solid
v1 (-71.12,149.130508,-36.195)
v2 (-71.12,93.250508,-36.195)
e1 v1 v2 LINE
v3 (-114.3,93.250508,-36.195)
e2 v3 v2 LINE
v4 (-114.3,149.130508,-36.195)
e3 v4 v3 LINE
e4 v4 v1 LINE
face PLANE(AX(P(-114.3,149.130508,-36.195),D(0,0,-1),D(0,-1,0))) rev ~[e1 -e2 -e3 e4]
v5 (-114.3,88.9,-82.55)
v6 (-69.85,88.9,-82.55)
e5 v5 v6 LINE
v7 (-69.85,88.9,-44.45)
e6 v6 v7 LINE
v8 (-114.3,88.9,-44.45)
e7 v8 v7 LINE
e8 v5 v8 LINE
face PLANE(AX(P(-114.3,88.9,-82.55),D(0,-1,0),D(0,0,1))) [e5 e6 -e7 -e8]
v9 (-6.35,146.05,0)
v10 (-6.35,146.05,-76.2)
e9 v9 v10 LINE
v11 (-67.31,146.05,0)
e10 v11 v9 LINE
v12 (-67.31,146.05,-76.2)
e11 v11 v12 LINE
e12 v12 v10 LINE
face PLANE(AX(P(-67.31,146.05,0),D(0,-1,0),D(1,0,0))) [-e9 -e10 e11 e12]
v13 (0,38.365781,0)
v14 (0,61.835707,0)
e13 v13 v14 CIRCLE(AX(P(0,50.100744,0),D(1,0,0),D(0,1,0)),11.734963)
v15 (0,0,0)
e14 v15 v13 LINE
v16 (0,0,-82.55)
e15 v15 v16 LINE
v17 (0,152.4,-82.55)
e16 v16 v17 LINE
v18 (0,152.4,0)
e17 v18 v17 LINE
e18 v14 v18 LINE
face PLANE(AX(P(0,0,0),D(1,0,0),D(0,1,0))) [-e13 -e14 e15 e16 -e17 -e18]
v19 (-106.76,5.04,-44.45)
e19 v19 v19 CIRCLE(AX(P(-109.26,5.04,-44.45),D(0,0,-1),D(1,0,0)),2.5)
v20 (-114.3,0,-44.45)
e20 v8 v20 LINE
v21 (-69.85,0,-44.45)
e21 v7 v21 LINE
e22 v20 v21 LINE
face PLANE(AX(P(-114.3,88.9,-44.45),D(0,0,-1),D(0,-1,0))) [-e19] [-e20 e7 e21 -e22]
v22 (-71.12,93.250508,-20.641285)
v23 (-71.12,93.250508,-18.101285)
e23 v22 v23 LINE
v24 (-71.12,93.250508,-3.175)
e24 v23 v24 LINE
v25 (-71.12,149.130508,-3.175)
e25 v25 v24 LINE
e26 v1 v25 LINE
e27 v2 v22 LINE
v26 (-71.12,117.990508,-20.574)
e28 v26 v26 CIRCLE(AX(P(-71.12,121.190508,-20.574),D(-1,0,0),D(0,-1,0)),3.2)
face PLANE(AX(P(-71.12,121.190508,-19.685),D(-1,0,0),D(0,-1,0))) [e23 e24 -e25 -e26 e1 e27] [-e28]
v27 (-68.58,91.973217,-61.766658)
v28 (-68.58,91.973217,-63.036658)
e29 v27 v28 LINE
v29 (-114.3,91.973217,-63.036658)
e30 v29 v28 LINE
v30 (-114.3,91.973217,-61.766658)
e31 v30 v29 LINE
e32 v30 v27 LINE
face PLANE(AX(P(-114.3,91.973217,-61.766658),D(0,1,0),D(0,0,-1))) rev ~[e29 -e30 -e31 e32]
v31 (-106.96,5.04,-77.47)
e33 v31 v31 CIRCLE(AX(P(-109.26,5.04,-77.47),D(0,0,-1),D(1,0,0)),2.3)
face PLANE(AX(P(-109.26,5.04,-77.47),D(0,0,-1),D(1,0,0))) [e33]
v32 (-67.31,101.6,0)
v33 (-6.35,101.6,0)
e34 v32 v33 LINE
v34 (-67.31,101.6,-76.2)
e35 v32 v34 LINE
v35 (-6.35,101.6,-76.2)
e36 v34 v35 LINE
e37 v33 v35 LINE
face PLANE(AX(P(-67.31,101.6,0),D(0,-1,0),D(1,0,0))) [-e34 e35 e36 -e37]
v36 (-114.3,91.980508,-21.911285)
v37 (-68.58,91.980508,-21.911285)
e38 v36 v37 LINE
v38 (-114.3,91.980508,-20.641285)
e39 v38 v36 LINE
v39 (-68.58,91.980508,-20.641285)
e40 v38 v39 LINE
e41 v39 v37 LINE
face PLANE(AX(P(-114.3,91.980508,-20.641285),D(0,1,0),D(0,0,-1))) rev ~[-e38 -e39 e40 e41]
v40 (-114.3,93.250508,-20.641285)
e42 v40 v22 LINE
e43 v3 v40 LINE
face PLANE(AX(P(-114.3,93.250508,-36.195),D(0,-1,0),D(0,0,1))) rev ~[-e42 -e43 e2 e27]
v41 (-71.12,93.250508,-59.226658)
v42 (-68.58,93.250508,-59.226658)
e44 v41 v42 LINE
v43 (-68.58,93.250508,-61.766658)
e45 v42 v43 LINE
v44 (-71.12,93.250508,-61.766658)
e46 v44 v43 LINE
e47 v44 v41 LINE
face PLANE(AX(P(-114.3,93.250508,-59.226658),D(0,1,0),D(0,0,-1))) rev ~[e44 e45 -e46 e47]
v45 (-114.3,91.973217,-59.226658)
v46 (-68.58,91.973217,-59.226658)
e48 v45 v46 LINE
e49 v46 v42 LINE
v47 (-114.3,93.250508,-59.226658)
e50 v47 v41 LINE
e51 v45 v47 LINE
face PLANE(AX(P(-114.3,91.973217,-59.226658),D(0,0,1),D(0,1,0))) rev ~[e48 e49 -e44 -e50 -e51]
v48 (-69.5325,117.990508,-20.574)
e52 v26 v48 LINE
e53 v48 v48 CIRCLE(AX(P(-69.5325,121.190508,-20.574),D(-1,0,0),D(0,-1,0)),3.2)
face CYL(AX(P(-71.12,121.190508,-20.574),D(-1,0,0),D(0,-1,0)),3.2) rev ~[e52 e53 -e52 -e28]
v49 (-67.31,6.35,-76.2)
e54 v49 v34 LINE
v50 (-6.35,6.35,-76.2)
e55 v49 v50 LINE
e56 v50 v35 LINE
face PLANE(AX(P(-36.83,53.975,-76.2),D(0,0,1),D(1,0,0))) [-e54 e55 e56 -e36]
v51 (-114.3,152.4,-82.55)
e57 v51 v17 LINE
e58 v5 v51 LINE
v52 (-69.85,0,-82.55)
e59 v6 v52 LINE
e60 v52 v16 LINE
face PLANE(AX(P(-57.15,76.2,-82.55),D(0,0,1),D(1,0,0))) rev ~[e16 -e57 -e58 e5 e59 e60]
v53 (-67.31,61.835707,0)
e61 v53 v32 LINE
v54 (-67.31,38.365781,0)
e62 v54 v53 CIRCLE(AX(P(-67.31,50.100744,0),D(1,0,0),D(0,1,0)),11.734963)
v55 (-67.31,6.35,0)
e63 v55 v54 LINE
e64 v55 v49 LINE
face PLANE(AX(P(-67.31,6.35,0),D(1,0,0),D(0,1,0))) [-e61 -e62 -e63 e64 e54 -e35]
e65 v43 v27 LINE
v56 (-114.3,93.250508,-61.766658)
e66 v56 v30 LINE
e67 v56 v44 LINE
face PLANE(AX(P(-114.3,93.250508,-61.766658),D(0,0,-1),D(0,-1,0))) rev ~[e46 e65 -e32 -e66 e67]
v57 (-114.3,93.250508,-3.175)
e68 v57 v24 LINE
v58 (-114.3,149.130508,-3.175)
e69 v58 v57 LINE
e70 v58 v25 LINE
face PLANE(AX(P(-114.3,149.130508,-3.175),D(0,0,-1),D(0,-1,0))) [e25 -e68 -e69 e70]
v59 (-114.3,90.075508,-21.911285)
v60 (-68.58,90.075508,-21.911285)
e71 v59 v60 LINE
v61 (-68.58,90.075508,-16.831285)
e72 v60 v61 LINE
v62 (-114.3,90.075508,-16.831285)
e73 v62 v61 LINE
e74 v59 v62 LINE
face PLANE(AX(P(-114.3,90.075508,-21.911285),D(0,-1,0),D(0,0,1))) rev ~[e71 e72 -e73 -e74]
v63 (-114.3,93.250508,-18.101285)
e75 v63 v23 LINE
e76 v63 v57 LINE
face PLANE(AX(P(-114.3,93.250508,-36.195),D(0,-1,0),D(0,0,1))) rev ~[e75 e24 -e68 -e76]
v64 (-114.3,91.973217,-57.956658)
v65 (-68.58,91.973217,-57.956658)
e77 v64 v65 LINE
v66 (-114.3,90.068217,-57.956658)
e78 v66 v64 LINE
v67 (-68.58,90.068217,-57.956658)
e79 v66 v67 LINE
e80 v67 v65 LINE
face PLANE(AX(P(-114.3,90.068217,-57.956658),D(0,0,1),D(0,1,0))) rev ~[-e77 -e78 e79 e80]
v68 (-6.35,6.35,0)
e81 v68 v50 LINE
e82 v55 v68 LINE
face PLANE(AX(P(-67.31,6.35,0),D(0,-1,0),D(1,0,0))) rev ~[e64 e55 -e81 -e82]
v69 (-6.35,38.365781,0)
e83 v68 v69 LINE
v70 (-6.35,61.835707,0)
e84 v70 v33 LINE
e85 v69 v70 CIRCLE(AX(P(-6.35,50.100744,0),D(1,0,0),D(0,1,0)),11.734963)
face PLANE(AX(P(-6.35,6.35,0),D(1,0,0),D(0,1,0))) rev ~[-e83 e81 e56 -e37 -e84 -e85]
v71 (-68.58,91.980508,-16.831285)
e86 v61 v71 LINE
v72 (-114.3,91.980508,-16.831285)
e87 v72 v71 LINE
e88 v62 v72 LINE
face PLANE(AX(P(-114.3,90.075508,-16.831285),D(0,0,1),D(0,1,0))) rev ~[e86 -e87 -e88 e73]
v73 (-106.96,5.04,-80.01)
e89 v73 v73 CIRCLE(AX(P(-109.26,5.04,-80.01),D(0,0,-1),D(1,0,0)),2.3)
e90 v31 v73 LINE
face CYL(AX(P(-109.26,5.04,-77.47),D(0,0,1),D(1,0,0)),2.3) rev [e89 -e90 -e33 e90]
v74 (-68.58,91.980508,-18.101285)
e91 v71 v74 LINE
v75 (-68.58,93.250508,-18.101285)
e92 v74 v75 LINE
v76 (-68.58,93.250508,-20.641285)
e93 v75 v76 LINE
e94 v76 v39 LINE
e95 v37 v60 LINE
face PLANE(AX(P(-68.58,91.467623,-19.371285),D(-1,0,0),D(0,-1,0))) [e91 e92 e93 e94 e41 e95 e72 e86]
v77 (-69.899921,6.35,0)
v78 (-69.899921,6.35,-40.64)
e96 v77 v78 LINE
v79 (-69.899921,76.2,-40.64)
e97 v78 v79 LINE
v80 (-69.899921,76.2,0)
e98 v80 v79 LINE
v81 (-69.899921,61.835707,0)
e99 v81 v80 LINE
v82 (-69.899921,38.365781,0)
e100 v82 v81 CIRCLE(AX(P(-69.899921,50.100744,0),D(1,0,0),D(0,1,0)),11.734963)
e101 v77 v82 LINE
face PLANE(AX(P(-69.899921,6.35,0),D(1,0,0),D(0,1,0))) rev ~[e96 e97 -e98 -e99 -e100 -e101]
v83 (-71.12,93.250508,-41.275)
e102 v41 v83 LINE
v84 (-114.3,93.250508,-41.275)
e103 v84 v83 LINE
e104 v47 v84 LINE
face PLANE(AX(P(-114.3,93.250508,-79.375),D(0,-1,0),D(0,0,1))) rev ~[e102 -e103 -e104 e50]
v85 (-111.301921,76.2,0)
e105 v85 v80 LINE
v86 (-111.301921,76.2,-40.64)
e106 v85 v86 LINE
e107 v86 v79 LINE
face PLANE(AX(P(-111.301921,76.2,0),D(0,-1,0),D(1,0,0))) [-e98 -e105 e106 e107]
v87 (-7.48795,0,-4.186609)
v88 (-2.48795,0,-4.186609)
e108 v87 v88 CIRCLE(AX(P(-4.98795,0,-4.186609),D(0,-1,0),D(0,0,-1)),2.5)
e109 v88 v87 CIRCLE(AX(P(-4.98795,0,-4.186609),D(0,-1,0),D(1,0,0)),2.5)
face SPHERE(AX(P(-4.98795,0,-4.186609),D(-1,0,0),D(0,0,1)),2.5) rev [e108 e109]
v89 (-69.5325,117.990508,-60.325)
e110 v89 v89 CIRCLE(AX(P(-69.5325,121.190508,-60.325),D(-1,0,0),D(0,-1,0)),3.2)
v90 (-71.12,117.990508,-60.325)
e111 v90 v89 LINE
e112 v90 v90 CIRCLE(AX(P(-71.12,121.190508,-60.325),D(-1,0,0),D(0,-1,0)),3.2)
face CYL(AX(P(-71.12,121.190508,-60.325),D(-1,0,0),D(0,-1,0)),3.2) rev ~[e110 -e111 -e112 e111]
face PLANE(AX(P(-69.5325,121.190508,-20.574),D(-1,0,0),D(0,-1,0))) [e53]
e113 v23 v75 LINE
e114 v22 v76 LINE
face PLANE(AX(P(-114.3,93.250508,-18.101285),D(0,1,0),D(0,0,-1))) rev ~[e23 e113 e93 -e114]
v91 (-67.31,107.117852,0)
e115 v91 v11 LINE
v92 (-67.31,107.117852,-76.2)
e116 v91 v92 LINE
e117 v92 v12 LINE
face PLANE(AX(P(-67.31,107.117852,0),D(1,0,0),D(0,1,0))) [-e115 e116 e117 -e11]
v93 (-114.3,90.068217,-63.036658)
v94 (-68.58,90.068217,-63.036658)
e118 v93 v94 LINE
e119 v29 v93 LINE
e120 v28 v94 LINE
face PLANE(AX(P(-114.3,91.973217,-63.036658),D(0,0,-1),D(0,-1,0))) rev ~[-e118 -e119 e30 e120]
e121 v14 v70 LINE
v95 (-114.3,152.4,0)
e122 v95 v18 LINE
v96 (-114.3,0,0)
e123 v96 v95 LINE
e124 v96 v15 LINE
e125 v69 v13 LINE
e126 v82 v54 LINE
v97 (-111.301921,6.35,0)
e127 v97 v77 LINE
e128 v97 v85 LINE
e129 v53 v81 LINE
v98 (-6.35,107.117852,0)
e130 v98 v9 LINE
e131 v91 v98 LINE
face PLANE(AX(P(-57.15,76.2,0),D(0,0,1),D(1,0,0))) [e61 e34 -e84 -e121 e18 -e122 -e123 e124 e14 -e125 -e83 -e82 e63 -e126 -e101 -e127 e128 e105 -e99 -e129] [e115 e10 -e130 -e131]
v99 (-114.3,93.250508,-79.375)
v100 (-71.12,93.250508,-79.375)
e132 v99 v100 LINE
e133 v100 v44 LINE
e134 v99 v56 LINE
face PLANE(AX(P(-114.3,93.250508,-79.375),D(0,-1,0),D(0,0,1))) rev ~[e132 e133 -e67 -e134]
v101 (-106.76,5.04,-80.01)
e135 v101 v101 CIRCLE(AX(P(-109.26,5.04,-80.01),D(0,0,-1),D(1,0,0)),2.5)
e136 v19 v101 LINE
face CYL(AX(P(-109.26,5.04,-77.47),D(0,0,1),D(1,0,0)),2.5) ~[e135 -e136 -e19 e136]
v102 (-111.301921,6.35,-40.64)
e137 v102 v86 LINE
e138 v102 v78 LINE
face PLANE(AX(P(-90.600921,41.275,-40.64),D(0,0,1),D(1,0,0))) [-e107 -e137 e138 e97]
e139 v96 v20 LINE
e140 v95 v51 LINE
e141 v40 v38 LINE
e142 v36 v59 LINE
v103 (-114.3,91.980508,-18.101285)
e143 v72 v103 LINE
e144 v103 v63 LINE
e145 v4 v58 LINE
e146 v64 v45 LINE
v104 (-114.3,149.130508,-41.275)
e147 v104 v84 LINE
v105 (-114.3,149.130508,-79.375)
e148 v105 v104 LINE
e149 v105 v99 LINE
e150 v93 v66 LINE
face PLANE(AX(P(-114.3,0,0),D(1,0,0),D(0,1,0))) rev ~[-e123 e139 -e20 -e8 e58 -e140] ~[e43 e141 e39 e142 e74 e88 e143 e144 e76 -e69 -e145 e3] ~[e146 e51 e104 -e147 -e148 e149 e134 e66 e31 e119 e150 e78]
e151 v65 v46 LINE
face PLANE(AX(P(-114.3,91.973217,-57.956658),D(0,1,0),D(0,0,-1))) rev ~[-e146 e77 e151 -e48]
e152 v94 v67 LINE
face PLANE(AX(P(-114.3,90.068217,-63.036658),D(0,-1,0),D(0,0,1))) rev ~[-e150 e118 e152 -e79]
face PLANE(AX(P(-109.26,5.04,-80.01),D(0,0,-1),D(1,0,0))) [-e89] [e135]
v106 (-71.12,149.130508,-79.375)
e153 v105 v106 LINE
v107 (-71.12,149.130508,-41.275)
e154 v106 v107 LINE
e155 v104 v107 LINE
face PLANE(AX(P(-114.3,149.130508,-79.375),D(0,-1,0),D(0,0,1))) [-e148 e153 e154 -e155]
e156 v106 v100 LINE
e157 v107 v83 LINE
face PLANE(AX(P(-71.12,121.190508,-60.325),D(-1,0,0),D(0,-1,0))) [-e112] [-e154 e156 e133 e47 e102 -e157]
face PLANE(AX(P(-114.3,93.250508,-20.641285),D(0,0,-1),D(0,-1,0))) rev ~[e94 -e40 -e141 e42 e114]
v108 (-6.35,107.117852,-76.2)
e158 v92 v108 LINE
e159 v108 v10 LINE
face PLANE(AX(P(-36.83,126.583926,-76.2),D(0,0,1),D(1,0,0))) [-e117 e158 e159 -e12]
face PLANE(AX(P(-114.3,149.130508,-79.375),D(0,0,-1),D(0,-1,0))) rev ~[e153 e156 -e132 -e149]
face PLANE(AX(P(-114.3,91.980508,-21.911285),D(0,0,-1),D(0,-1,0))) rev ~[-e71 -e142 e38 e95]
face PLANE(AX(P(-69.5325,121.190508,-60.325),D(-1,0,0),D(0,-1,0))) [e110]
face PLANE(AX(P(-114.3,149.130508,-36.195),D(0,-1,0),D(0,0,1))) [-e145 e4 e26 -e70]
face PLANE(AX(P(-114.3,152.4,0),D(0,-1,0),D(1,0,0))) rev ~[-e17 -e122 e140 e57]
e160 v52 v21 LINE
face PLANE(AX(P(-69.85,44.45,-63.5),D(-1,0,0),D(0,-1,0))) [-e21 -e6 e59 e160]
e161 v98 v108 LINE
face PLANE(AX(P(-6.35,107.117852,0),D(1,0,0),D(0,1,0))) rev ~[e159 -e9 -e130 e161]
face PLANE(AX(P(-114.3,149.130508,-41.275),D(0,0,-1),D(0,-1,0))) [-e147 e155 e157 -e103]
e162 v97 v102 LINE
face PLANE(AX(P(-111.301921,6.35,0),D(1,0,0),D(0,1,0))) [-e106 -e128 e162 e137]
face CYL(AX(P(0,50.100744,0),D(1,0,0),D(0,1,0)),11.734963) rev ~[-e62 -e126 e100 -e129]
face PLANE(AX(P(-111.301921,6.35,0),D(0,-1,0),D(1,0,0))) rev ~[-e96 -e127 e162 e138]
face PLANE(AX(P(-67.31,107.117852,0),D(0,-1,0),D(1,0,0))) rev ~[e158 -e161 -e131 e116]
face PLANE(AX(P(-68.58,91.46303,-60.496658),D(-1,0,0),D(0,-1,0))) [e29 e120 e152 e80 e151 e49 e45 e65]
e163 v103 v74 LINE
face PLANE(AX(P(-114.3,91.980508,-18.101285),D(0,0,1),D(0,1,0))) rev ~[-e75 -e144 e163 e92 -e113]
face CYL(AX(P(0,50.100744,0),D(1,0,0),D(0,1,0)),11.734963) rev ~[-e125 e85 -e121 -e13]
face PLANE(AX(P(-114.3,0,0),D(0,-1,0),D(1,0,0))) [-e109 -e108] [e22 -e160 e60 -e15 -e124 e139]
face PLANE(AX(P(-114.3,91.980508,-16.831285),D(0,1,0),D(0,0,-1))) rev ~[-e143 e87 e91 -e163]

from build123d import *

# Parameters (mm, degrees)
F0_W      = 114.3
F0_H      = 152.4
F1_DEPTH  = 82.55
F2_W      = 60.96
F2_H      = 95.25
F3_DEPTH  = 76.2
F4_R      = 11.734963
F5_DEPTH  = 75.184
F6_W      = 60.96
F6_H      = 38.932147
F7_DEPTH  = 76.2
F8_W      = 88.9
F8_H      = 38.1
F9_DEPTH  = 44.45
F10_W     = 55.88
F10_H     = 33.02
F10_H_2   = 38.1
F11_DEPTH = 43.18
F12_R     = 2.5
F13_DEPTH = 33.02
F14_R     = 2.5
F14_R_2   = 2.3
F15_DEPTH = 2.54
F17_DEPTH = 45.72
F19_DEPTH = 45.72
F20_R     = 3.2
F21_DEPTH = 1.5875
F22_W     = 41.402
F22_H     = 69.85
F23_DEPTH = 40.64


with BuildPart() as f1:
    # F0 (on Top) → F1 (new body)
    with BuildSketch(Plane.XY):
        with Locations((-57.15, 76.2)):
            Rectangle(F0_W, F0_H)
    extrude(amount=-F1_DEPTH)

    # F2 (on face) → F3 (cut)
    with BuildSketch(Plane.XY):
        with Locations((-36.83, 53.975)):
            Rectangle(F2_W, F2_H)
    extrude(amount=-F3_DEPTH, mode=Mode.SUBTRACT)

    # F4 (on face) → F5 (cut)
    with BuildSketch(Plane.YZ):
        with Locations((50.100744, 0)):
            Circle(F4_R)
    extrude(amount=-F5_DEPTH, mode=Mode.SUBTRACT)

    # F6 (on face) → F7 (cut)
    with BuildSketch(Plane.XY):
        with Locations((-36.83, 126.583926)):
            Rectangle(F6_W, F6_H)
    extrude(amount=-F7_DEPTH, mode=Mode.SUBTRACT)

    # F8 (on face) → F9 (cut)
    with BuildSketch(Plane(origin=(-114.3, 0, 0), x_dir=(0, -1, 0), z_dir=(-1, 0, 0))):
        with Locations((-44.45, -63.5)):
            Rectangle(F8_W, F8_H)
    extrude(amount=-F9_DEPTH, mode=Mode.SUBTRACT)

    # F10 (on face) → F11 (cut)
    with BuildSketch(Plane(origin=(-114.3, 0, 0), x_dir=(0, -1, 0), z_dir=(-1, 0, 0))):
        with Locations((-121.190508, -19.685)):
            Rectangle(F10_W, F10_H)
        with Locations((-121.190508, -60.325)):
            Rectangle(F10_W, F10_H_2)
    extrude(amount=-F11_DEPTH, mode=Mode.SUBTRACT)

    # F12 (on face) → F13 (join)
    with BuildSketch(Plane(origin=(0, 0, -44.45), x_dir=(1, 0, 0), z_dir=(0, 0, -1))):
        with Locations((-109.26, -5.04)):
            Circle(F12_R)
    extrude(amount=F13_DEPTH)

    # F14 (on face) → F15 (join)
    with BuildSketch(Plane(origin=(0, 0, -77.47), x_dir=(1, 0, 0), z_dir=(0, 0, -1))):
        with Locations((-109.26, -5.04)):
            Circle(F14_R)
        with Locations((-109.26, -5.04)):
            Circle(F14_R_2, mode=Mode.SUBTRACT)
    extrude(amount=F15_DEPTH)

    # F16 (on face) → F17 (cut)
    with BuildSketch(Plane(origin=(-114.3, 0, 0), x_dir=(0, -1, 0), z_dir=(-1, 0, 0))):
        Polygon((-91.980508, -16.831285), (-91.980508, -18.101285), (-93.250508, -18.101285), (-93.250508, -20.641285), (-91.980508, -20.641285), (-91.980508, -21.911285), (-90.075508, -21.911285), (-90.075508, -16.831285), align=None)
    extrude(amount=-F17_DEPTH, mode=Mode.SUBTRACT)

    # F18 (on face) → F19 (cut)
    with BuildSketch(Plane(origin=(-114.3, 0, 0), x_dir=(0, -1, 0), z_dir=(-1, 0, 0))):
        Polygon((-91.973217, -57.956658), (-91.973217, -59.226658), (-93.250508, -59.226658), (-93.250508, -61.766658), (-91.973217, -61.766658), (-91.973217, -63.036658), (-90.068217, -63.036658), (-90.068217, -57.956658), align=None)
    extrude(amount=-F19_DEPTH, mode=Mode.SUBTRACT)

    # F20 (on face) → F21 (cut)
    with BuildSketch(Plane(origin=(-71.12, 0, 0), x_dir=(0, -1, 0), z_dir=(-1, 0, 0))):
        with Locations((-121.190508, -20.574)):
            Circle(F20_R)
        with Locations((-121.190508, -60.325)):
            Circle(F20_R)
    extrude(amount=-F21_DEPTH, mode=Mode.SUBTRACT)

    # F22 (on face) → F23 (cut)
    with BuildSketch(Plane.XY):
        with Locations((-90.600921, 41.275)):
            Rectangle(F22_W, F22_H)
    extrude(amount=-F23_DEPTH, mode=Mode.SUBTRACT)

    # F24 (on face) → F25 (revolve, cut)
    with BuildSketch(Plane.XZ):
        with BuildLine():
            Line((-7.48795, -4.186609), (-2.48795, -4.186609))
            ThreePointArc((-2.48795, -4.186609), (-4.98795, -1.686609), (-7.48795, -4.186609))
        make_face()
    revolve(axis=Axis((-4.98795, 0, -4.186609), (1, 0, 0)), mode=Mode.SUBTRACT)


solid = f1.part
